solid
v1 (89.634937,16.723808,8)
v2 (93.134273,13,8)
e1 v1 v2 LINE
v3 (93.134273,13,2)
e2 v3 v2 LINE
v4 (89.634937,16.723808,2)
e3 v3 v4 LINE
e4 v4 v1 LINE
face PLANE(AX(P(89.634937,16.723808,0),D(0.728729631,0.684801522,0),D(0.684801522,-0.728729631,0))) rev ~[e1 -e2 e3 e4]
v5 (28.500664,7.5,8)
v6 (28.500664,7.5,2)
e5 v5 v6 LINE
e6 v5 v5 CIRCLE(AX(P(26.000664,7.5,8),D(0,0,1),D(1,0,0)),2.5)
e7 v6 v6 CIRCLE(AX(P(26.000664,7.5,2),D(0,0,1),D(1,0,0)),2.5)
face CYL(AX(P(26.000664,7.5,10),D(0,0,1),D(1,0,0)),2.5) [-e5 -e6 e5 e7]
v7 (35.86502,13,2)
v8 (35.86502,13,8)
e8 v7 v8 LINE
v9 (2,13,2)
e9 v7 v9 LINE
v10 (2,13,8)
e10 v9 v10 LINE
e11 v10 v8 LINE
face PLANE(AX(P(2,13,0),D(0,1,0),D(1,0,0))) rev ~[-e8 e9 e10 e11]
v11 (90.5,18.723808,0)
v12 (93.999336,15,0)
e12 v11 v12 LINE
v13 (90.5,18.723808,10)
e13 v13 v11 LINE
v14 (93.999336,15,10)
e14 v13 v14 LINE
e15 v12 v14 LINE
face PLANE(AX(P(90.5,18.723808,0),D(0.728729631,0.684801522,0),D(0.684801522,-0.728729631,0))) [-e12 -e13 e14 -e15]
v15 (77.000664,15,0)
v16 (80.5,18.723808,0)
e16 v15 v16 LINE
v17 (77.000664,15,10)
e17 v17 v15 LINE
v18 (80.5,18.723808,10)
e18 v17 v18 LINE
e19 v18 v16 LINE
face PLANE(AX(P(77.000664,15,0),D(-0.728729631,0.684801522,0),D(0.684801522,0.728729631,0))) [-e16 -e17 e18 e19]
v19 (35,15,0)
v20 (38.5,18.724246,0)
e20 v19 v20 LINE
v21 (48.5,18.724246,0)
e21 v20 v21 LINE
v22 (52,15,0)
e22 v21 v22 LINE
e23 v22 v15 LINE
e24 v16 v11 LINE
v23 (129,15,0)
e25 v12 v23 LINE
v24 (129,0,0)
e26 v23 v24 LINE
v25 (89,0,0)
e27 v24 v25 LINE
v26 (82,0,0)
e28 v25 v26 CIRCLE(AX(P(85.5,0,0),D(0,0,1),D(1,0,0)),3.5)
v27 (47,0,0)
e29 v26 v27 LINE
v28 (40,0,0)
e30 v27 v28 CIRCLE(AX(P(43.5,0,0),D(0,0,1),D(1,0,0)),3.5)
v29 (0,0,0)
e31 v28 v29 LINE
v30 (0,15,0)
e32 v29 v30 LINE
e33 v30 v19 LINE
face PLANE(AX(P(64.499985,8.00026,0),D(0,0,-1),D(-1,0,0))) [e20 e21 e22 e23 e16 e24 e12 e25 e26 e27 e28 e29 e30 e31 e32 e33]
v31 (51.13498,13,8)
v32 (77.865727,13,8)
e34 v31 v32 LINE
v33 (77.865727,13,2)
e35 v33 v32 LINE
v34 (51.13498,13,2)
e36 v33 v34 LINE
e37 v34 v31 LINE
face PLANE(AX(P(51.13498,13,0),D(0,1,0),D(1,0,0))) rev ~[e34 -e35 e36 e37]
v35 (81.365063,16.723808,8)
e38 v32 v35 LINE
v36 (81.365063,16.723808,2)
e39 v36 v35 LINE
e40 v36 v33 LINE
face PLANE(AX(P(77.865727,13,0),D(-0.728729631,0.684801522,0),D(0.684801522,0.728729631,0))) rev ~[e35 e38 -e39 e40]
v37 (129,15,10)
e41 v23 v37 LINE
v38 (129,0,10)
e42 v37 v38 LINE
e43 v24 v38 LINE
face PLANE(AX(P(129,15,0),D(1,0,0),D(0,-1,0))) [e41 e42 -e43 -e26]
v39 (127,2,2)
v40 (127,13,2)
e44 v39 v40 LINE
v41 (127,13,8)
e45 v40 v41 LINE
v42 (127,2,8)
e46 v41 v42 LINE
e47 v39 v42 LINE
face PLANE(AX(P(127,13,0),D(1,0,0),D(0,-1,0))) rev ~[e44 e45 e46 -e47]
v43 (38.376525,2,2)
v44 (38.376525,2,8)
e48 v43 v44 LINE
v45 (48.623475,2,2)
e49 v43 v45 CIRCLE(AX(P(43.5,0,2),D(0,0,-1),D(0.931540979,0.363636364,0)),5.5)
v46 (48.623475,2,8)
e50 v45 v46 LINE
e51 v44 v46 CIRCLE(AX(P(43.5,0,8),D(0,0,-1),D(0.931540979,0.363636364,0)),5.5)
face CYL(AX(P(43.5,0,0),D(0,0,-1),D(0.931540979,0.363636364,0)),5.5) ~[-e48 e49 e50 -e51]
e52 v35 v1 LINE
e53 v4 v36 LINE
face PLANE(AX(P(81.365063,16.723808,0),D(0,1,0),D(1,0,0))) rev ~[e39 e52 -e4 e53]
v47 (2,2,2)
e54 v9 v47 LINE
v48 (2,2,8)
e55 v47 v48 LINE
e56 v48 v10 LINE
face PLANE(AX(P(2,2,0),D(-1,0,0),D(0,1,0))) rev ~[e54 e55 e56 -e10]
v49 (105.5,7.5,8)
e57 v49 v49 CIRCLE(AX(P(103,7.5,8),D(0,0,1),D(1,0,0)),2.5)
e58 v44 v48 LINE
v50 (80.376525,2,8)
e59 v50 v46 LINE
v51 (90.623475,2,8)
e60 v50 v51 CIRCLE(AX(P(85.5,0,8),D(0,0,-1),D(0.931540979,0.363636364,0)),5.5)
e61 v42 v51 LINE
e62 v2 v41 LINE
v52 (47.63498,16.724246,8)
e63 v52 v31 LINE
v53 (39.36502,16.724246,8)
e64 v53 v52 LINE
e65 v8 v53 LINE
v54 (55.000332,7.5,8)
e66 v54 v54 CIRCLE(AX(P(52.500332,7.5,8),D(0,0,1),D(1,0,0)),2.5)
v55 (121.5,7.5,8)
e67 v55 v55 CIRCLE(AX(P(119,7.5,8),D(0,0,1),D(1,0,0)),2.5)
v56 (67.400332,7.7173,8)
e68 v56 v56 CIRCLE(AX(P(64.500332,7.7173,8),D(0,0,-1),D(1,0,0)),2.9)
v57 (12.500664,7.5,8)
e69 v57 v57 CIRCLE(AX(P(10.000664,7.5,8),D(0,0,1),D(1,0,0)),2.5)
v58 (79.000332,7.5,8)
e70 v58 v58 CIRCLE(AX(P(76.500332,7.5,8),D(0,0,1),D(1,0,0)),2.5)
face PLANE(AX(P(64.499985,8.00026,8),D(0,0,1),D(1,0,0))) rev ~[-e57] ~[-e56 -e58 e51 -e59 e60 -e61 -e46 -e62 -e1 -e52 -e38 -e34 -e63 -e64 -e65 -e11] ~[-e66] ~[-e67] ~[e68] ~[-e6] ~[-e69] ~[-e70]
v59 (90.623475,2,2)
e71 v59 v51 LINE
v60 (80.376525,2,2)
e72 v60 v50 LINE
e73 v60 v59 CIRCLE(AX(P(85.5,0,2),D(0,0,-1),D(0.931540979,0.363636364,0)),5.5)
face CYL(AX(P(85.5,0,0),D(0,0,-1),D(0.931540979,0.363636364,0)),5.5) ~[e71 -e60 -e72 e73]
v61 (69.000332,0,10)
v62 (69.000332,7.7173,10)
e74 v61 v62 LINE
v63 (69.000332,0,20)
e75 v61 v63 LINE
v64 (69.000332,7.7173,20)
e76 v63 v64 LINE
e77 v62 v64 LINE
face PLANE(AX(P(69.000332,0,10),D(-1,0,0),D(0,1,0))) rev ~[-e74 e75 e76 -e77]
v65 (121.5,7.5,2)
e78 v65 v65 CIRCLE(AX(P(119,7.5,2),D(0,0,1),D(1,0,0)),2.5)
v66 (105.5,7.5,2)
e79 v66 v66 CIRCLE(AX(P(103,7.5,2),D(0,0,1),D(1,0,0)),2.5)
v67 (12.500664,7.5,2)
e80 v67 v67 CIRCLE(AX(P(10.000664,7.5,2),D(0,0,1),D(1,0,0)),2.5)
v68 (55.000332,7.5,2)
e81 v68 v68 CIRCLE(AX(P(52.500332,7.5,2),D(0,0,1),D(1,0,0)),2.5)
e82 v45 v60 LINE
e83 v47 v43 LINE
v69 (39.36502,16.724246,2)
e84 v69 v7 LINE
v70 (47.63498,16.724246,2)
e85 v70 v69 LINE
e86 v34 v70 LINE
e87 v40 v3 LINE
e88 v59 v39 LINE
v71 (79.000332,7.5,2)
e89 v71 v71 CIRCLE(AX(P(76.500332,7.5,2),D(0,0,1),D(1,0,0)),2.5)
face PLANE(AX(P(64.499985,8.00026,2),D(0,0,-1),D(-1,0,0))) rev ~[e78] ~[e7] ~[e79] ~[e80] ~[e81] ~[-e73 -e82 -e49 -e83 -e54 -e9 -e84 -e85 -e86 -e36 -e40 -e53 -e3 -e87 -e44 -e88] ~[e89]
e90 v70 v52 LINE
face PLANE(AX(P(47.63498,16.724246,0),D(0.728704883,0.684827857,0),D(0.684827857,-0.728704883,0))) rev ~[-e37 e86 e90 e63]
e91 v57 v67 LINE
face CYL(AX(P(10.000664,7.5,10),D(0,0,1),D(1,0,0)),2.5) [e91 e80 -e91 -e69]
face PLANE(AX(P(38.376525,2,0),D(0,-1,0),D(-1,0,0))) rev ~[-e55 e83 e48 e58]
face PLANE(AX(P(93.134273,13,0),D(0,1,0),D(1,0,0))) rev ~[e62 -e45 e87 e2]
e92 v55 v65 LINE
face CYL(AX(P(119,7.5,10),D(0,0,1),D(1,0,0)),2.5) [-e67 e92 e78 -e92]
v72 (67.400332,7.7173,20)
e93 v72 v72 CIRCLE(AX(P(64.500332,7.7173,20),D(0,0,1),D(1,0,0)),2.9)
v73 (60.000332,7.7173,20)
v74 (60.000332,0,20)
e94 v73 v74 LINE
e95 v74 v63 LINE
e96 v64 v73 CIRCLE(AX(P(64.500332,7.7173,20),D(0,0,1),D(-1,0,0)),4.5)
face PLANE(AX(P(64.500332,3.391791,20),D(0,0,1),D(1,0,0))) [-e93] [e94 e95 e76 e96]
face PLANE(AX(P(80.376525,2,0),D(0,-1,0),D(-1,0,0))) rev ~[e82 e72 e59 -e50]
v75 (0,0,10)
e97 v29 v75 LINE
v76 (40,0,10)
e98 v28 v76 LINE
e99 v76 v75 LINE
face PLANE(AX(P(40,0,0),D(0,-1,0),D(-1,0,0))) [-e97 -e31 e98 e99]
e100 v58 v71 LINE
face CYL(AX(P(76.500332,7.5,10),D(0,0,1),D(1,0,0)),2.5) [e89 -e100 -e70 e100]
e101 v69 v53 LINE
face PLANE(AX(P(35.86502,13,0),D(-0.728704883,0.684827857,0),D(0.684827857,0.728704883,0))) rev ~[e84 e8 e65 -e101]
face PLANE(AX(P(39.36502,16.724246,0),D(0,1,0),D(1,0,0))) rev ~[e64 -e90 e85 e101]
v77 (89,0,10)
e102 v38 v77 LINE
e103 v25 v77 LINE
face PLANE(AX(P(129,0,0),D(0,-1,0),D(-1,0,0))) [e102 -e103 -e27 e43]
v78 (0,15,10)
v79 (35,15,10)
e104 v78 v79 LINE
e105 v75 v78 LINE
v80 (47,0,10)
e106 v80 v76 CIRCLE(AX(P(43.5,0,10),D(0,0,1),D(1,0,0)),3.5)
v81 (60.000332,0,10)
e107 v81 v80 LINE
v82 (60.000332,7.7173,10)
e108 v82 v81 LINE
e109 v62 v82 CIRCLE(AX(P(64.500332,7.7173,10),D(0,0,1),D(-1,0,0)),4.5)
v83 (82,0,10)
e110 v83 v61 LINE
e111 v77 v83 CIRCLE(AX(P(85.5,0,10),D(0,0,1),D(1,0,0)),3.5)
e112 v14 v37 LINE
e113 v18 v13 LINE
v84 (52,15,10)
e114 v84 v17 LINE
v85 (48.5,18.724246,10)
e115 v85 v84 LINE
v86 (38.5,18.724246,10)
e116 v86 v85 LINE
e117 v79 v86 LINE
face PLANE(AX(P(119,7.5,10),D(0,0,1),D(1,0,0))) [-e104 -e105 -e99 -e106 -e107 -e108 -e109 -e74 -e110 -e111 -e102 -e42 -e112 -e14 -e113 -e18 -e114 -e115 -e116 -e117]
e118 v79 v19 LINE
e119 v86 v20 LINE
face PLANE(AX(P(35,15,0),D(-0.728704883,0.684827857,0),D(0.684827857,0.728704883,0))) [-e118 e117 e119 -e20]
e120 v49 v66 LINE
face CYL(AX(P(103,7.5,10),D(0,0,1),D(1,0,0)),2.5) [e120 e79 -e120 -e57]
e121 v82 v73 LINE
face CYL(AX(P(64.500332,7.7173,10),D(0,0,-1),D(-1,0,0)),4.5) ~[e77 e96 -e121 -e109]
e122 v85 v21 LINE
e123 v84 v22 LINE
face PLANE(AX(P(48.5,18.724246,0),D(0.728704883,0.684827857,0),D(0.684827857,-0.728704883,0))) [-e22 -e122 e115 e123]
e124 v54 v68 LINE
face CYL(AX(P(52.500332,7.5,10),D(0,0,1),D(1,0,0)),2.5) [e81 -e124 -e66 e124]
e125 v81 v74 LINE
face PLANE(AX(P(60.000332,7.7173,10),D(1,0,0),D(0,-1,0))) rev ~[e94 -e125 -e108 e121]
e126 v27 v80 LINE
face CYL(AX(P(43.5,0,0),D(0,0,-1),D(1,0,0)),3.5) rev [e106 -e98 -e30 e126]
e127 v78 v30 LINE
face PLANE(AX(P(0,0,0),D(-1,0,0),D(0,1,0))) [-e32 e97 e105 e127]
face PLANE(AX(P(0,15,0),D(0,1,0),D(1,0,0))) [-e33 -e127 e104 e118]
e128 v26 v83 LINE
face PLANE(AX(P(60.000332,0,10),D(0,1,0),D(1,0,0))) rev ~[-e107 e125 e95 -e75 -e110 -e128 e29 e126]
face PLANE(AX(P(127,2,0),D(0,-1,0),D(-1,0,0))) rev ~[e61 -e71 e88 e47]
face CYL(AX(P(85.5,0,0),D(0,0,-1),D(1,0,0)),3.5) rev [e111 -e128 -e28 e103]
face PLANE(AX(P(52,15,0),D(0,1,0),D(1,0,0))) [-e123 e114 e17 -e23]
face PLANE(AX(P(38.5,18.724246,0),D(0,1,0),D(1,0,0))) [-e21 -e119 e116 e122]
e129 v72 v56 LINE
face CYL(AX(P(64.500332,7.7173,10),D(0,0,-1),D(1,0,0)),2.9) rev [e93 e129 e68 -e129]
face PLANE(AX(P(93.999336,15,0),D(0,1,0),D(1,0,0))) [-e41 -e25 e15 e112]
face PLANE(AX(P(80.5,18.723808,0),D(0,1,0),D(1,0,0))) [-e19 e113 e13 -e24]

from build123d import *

# Parameters (mm, degrees)
BOSS_EXTRUDE1_DEPTH = 10
BOSS_EXTRUDE2_START = -2
BOSS_EXTRUDE2_DEPTH = 2
BOSS_EXTRUDE3_DEPTH = 2
SKETCH6_R           = 4.5
SKETCH6_R_2         = 2.9
BOSS_EXTRUDE4_DEPTH = 10
CUT_EXTRUDE1_START  = -8
SKETCH7_R           = 2.9
CUT_EXTRUDE1_DEPTH  = 8
SKETCH9_R           = 2.5
BOSS_EXTRUDE5_DEPTH = 10
BOSS_EXTRUDE6_START = -10
BOSS_EXTRUDE6_DEPTH = 10


with BuildPart() as part:
    # Sketch1 → Boss-Extrude1 (new body)
    with BuildSketch(Plane.XY):
        with BuildLine():
            Line((0, 0), (0, 15))
            Line((0, 15), (35, 15))
            Line((35, 15), (38.5, 18.724245534))
            Line((38.5, 18.724245534), (48.5, 18.724245534))
            Line((48.5, 18.724245534), (52, 15))
            Line((52, 15), (77.000664221, 15))
            Line((77.000664221, 15), (80.5, 18.723808414))
            Line((80.5, 18.723808414), (85.5, 18.723808414))
            Line((85.5, 18.723808414), (90.5, 18.723808414))
            Line((90.5, 18.723808414), (93.999335779, 15))
            Line((93.999335779, 15), (129, 15))
            Line((129, 15), (129, 0))
            Line((129, 0), (89, 0))
            ThreePointArc((89, 0), (85.5, 3.5), (82, 0))
            Line((82, 0), (47, 0))
            ThreePointArc((47, 0), (43.5, 3.5), (40, 0))
            Line((40, 0), (0, 0))
        make_face()
        with BuildLine():
            Line((2, 13), (35.865019983, 13))
            Line((35.865019983, 13), (39.365019983, 16.724245534))
            Line((39.365019983, 16.724245534), (47.634980017, 16.724245534))
            Line((47.634980017, 16.724245534), (51.134980017, 13))
            Line((51.134980017, 13), (77.865727104, 13))
            Line((77.865727104, 13), (81.365062883, 16.723808414))
            Line((81.365062883, 16.723808414), (85.5, 16.723808414))
            Line((85.5, 16.723808414), (89.634937117, 16.723808414))
            Line((89.634937117, 16.723808414), (93.134272896, 13))
            Line((93.134272896, 13), (127, 13))
            Line((127, 13), (127, 2))
            Line((127, 2), (90.623475383, 2))
            ThreePointArc((90.623475383, 2), (85.5, 5.5), (80.376524617, 2))
            Line((80.376524617, 2), (48.623475383, 2))
            ThreePointArc((48.623475383, 2), (43.5, 5.5), (38.376524617, 2))
            Line((38.376524617, 2), (2, 2))
            Line((2, 2), (2, 13))
        make_face(mode=Mode.SUBTRACT)
    extrude(amount=BOSS_EXTRUDE1_DEPTH)

    # Sketch2 → Boss-Extrude2 (add)
    with BuildSketch(Plane.XY.offset(10).offset(BOSS_EXTRUDE2_START)):
        with BuildLine():
            Line((129, 0), (129, 15))
            Line((129, 15), (93.999335779, 15))
            Line((93.999335779, 15), (90.5, 18.723808414))
            Line((90.5, 18.723808414), (80.5, 18.723808414))
            Line((80.5, 18.723808414), (77.000664221, 15))
            Line((77.000664221, 15), (52, 15))
            Line((52, 15), (48.5, 18.724245534))
            Line((48.5, 18.724245534), (38.5, 18.724245534))
            Line((38.5, 18.724245534), (35, 15))
            Line((35, 15), (0, 15))
            Line((0, 15), (0, 0))
            Line((0, 0), (40, 0))
            ThreePointArc((40, 0), (43.5, 3.5), (47, 0))
            Line((47, 0), (82, 0))
            ThreePointArc((82, 0), (85.5, 3.5), (89, 0))
            Line((89, 0), (129, 0))
        make_face()
    extrude(amount=BOSS_EXTRUDE2_DEPTH)

    # Sketch3 → Boss-Extrude3 (add)
    with BuildSketch(Plane(origin=(0, 0, 0), x_dir=(-1, 0, 0), z_dir=(0, 0, -1))):
        with BuildLine():
            Line((-52, 15), (-77.000664221, 15))
            Line((-77.000664221, 15), (-80.5, 18.723808414))
            Line((-80.5, 18.723808414), (-90.5, 18.723808414))
            Line((-90.5, 18.723808414), (-93.999335779, 15))
            Line((-93.999335779, 15), (-129, 15))
            Line((-129, 15), (-129, 0))
            Line((-129, 0), (-89, 0))
            ThreePointArc((-89, 0), (-85.5, 3.5), (-82, 0))
            Line((-82, 0), (-47, 0))
            ThreePointArc((-47, 0), (-43.5, 3.5), (-40, 0))
            Line((-40, 0), (0, 0))
            Line((0, 0), (0, 15))
            Line((0, 15), (-35, 15))
            Line((-35, 15), (-38.5, 18.724245534))
            Line((-38.5, 18.724245534), (-48.5, 18.724245534))
            Line((-48.5, 18.724245534), (-52, 15))
        make_face()
    extrude(amount=-BOSS_EXTRUDE3_DEPTH)

    # Sketch6 → Boss-Extrude4 (add)
    with BuildSketch(Plane.XY.offset(10)):
        with Locations(Location((64.500332111, 7.717300047, 0), (0, 0, 180))):
            Circle(SKETCH6_R)
        with Locations((64.500332111, 7.717300047)):
            Circle(SKETCH6_R_2, mode=Mode.SUBTRACT)
    extrude(amount=BOSS_EXTRUDE4_DEPTH)

    # Sketch7 → Cut-Extrude1 (cut)
    with BuildSketch(Plane.XY.offset(10).offset(CUT_EXTRUDE1_START)):
        with Locations((64.500332111, 7.717300047)):
            Circle(SKETCH7_R)
    extrude(amount=CUT_EXTRUDE1_DEPTH, mode=Mode.SUBTRACT)

    # Sketch9 → Boss-Extrude5 (add)
    with BuildSketch(Plane.XY.offset(10)):
        with Locations((119, 7.5)):
            Circle(SKETCH9_R)
        with Locations((103, 7.5)):
            Circle(SKETCH9_R)
        with Locations((76.500332111, 7.5)):
            Circle(SKETCH9_R)
        with Locations((10.000664221, 7.5)):
            Circle(SKETCH9_R)
        with Locations((26.000664221, 7.5)):
            Circle(SKETCH9_R)
        with Locations((52.500332111, 7.5)):
            Circle(SKETCH9_R)
    extrude(amount=-BOSS_EXTRUDE5_DEPTH)

    # Sketch10 → Boss-Extrude6 (add)
    with BuildSketch(Plane.XY.offset(20).offset(BOSS_EXTRUDE6_START)):
        with BuildLine():
            Line((60.000332111, 7.717300047), (60.000332111, 0))
            Line((60.000332111, 0), (69.000332111, 0))
            Line((69.000332111, 0), (69.000332111, 7.717300047))
            ThreePointArc((69.000332111, 7.717300047), (64.500332111, 3.217300047), (60.000332111, 7.717300047))
        make_face()
    extrude(amount=BOSS_EXTRUDE6_DEPTH)


solid = part.part
